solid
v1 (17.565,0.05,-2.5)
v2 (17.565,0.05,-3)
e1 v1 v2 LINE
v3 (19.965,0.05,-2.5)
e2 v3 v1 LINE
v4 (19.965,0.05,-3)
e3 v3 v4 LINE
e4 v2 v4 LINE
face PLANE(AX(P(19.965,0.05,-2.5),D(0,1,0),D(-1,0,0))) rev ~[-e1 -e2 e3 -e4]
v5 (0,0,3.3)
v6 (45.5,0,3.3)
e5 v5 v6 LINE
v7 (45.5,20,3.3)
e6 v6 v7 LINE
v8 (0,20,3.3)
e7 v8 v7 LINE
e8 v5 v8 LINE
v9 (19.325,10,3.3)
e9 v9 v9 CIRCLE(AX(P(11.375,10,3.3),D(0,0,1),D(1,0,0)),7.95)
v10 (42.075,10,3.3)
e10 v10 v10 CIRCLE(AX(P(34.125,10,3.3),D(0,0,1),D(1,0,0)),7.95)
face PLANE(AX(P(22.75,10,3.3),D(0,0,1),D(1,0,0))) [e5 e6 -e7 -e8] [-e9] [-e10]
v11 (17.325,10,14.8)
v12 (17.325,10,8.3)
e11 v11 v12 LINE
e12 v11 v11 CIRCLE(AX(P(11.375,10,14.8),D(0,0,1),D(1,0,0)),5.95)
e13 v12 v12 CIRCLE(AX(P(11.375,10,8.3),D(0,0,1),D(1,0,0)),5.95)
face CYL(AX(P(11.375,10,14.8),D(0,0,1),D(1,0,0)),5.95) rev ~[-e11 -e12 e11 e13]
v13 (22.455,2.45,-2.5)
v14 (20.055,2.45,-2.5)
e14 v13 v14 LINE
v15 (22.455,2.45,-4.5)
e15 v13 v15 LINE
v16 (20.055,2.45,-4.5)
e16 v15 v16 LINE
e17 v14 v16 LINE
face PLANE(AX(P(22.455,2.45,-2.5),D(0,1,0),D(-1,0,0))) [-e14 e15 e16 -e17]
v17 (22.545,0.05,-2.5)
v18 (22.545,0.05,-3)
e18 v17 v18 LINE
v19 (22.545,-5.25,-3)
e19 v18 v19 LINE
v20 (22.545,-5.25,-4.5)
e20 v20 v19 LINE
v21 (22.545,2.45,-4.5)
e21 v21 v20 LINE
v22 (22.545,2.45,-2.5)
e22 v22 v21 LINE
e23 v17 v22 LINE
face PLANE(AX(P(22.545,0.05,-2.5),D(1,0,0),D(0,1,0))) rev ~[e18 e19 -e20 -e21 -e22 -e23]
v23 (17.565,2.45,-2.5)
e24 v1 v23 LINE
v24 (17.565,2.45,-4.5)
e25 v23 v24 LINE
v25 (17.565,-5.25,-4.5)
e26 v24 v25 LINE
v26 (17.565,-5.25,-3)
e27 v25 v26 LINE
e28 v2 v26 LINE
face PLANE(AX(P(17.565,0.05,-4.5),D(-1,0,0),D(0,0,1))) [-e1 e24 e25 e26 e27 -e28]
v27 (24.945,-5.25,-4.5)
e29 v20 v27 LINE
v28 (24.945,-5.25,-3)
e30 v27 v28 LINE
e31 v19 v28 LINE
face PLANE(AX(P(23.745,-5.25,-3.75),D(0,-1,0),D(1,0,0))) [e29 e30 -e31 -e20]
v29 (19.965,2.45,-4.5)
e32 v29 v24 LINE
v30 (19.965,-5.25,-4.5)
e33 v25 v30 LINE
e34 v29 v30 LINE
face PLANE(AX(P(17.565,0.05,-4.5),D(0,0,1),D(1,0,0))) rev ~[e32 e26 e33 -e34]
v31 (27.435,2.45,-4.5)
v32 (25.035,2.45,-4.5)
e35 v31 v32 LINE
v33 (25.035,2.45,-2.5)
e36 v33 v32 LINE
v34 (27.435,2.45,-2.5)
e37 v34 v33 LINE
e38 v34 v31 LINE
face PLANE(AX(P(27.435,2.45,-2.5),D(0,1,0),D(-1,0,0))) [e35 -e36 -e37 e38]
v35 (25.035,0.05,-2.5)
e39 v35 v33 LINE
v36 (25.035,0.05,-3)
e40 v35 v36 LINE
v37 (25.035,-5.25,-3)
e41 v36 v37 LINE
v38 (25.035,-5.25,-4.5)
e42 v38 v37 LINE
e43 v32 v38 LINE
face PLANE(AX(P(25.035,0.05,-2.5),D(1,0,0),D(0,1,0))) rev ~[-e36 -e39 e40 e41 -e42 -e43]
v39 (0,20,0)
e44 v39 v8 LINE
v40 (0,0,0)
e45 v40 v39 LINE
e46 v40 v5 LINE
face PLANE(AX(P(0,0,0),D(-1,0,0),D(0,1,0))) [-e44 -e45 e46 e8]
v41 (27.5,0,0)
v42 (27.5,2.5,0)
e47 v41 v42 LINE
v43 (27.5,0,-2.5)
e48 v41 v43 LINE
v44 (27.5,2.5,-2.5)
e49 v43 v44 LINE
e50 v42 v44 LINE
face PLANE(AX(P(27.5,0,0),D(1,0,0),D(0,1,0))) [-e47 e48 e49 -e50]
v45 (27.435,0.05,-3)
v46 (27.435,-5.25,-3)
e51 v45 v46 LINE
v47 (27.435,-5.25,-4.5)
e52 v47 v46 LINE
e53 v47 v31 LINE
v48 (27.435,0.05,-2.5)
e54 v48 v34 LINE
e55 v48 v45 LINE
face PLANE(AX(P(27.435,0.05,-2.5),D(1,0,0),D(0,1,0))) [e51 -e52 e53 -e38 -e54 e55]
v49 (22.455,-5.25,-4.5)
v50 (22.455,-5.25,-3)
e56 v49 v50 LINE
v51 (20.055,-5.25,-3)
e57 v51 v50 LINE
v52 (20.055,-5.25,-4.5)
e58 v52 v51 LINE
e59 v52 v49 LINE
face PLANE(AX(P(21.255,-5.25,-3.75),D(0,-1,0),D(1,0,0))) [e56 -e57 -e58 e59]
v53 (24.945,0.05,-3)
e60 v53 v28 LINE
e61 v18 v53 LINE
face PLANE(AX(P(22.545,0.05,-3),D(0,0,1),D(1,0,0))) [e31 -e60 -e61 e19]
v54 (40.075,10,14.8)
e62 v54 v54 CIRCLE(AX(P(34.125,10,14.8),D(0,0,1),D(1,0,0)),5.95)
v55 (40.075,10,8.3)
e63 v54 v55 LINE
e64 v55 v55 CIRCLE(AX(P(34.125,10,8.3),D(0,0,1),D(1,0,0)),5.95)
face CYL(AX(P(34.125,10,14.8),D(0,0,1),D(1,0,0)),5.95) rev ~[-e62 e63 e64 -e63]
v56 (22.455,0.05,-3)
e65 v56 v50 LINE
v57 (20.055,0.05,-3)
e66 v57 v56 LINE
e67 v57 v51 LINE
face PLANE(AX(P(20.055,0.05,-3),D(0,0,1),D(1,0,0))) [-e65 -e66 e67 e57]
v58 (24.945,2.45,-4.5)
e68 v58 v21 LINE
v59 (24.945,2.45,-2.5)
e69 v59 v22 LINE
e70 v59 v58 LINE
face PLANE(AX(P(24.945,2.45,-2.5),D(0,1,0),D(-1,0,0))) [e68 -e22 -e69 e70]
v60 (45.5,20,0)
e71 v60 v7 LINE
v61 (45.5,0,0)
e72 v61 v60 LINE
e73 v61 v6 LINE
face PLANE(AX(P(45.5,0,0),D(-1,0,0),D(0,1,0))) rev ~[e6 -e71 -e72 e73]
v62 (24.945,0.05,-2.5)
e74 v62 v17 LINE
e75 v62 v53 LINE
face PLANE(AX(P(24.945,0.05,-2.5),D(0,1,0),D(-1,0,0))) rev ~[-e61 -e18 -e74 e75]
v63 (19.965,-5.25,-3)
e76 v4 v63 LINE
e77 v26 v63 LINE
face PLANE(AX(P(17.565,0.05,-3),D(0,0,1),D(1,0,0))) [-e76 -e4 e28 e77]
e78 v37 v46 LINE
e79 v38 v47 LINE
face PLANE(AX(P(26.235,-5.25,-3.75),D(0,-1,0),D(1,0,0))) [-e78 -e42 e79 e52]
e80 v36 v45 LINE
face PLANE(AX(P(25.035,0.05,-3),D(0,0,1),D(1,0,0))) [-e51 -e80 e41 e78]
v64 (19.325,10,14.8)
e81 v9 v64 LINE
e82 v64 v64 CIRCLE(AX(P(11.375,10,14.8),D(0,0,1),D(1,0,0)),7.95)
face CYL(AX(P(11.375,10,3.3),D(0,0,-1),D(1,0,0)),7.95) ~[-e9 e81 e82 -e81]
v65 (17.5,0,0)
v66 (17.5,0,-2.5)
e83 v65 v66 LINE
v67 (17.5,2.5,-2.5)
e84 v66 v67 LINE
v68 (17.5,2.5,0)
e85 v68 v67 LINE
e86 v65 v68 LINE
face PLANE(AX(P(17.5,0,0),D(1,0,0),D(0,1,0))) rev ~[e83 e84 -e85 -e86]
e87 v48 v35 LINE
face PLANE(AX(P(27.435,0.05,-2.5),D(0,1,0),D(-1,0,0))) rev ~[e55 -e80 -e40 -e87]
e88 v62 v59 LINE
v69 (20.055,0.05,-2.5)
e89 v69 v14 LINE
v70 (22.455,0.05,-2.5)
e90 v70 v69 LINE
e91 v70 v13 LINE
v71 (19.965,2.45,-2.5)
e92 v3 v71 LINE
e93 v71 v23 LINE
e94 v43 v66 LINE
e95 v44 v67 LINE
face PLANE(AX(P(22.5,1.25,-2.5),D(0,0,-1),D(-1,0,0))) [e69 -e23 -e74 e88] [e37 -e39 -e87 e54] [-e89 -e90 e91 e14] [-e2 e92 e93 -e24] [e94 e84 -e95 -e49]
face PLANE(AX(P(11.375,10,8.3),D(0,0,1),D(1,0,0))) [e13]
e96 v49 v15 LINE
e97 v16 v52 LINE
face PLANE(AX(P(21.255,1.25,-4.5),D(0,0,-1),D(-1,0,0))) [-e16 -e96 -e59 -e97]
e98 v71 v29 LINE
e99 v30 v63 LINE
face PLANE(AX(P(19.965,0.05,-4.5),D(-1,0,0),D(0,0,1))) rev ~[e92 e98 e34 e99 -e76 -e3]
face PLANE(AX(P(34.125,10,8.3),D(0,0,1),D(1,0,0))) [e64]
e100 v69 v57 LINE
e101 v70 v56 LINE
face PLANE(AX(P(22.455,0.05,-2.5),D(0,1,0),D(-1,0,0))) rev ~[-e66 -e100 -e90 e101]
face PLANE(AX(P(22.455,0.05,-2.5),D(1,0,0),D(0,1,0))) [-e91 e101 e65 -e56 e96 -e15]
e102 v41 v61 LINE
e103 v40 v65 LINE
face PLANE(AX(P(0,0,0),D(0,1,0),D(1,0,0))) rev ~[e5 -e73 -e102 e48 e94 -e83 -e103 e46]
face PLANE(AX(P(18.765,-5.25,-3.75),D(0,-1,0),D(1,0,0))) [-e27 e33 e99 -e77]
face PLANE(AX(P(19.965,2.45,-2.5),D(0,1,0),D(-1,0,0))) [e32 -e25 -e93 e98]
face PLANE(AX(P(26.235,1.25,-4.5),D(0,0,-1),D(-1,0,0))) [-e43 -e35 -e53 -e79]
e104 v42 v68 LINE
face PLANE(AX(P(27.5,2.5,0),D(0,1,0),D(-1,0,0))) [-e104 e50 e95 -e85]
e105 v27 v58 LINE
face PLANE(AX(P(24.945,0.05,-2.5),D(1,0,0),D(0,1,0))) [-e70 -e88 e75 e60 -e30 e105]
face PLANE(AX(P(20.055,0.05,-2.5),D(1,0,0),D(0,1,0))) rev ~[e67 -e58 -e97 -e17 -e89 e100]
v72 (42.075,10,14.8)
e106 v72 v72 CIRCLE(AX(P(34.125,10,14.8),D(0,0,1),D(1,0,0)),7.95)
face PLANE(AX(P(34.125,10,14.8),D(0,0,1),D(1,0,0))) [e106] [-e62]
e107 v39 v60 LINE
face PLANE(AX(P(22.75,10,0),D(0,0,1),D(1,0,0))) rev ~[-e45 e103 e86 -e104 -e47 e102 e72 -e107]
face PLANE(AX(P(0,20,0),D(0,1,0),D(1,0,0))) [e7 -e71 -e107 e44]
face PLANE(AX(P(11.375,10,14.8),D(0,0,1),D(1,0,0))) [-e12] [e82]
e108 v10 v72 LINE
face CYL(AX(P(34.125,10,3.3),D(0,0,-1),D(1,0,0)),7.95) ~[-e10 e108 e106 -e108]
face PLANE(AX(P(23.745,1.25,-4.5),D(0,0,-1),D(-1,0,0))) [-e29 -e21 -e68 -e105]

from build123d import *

# Parameters (mm, degrees)
CROQUIS1_W              = 45.5
CROQUIS1_H              = 20
SALIENTE_EXTRUIR1_DEPTH = 3.3
CROQUIS2_R              = 7.95
SALIENTE_EXTRUIR2_DEPTH = 11.5
CROQUIS3_R              = 5.95
CORTAR_EXTRUIR1_DEPTH   = 6.5
CROQUIS4_W              = 10
CROQUIS4_H              = 2.5
SALIENTE_EXTRUIR3_DEPTH = 2.5
CROQUIS5_W              = 2.4
CROQUIS5_H              = 2.4
SALIENTE_EXTRUIR4_DEPTH = 2
CROQUIS6_W              = 2.4
CROQUIS6_H              = 1.5
SALIENTE_EXTRUIR5_DEPTH = 5.3


with BuildPart() as part:
    # Croquis1 → Saliente-Extruir1 (new body)
    with BuildSketch(Plane.XY):
        with Locations((22.75, 10)):
            Rectangle(CROQUIS1_W, CROQUIS1_H)
    extrude(amount=SALIENTE_EXTRUIR1_DEPTH)

    # Croquis2 → Saliente-Extruir2 (add)
    with BuildSketch(Plane.XY.offset(3.3)):
        with Locations((34.125, 10)):
            Circle(CROQUIS2_R)
        with Locations((11.375, 10)):
            Circle(CROQUIS2_R)
    extrude(amount=SALIENTE_EXTRUIR2_DEPTH)

    # Croquis3 → Cortar-Extruir1 (cut)
    with BuildSketch(Plane.XY.offset(14.8)):
        with Locations((34.125, 10)):
            Circle(CROQUIS3_R)
        with Locations((11.375, 10)):
            Circle(CROQUIS3_R)
    extrude(amount=-CORTAR_EXTRUIR1_DEPTH, mode=Mode.SUBTRACT)

    # Croquis4 → Saliente-Extruir3 (add)
    with BuildSketch(Plane(origin=(0, 0, 0), x_dir=(-1, 0, 0), z_dir=(0, 0, -1))):
        with Locations((-22.5, 1.25)):
            Rectangle(CROQUIS4_W, CROQUIS4_H)
    extrude(amount=SALIENTE_EXTRUIR3_DEPTH)

    # Croquis5 → Saliente-Extruir4 (add)
    with BuildSketch(Plane(origin=(0, 0, -2.5), x_dir=(-1, 0, 0), z_dir=(0, 0, -1))):
        with Locations((-26.235, 1.25)):
            Rectangle(CROQUIS5_W, CROQUIS5_H)
        with Locations((-23.745, 1.25)):
            Rectangle(CROQUIS5_W, CROQUIS5_H)
        with Locations((-21.255, 1.25)):
            Rectangle(CROQUIS5_W, CROQUIS5_H)
        with Locations((-18.765, 1.25)):
            Rectangle(CROQUIS5_W, CROQUIS5_H)
    extrude(amount=SALIENTE_EXTRUIR4_DEPTH)

    # Croquis6 → Saliente-Extruir5 (add)
    with BuildSketch(Plane.XZ.offset(-0.05)):
        with Locations((18.765, -3.75)):
            Rectangle(CROQUIS6_W, CROQUIS6_H)
        with Locations((21.255, -3.75)):
            Rectangle(CROQUIS6_W, CROQUIS6_H)
        with Locations((23.745, -3.75)):
            Rectangle(CROQUIS6_W, CROQUIS6_H)
        with Locations((26.235, -3.75)):
            Rectangle(CROQUIS6_W, CROQUIS6_H)
    extrude(amount=SALIENTE_EXTRUIR5_DEPTH)


solid = part.part
